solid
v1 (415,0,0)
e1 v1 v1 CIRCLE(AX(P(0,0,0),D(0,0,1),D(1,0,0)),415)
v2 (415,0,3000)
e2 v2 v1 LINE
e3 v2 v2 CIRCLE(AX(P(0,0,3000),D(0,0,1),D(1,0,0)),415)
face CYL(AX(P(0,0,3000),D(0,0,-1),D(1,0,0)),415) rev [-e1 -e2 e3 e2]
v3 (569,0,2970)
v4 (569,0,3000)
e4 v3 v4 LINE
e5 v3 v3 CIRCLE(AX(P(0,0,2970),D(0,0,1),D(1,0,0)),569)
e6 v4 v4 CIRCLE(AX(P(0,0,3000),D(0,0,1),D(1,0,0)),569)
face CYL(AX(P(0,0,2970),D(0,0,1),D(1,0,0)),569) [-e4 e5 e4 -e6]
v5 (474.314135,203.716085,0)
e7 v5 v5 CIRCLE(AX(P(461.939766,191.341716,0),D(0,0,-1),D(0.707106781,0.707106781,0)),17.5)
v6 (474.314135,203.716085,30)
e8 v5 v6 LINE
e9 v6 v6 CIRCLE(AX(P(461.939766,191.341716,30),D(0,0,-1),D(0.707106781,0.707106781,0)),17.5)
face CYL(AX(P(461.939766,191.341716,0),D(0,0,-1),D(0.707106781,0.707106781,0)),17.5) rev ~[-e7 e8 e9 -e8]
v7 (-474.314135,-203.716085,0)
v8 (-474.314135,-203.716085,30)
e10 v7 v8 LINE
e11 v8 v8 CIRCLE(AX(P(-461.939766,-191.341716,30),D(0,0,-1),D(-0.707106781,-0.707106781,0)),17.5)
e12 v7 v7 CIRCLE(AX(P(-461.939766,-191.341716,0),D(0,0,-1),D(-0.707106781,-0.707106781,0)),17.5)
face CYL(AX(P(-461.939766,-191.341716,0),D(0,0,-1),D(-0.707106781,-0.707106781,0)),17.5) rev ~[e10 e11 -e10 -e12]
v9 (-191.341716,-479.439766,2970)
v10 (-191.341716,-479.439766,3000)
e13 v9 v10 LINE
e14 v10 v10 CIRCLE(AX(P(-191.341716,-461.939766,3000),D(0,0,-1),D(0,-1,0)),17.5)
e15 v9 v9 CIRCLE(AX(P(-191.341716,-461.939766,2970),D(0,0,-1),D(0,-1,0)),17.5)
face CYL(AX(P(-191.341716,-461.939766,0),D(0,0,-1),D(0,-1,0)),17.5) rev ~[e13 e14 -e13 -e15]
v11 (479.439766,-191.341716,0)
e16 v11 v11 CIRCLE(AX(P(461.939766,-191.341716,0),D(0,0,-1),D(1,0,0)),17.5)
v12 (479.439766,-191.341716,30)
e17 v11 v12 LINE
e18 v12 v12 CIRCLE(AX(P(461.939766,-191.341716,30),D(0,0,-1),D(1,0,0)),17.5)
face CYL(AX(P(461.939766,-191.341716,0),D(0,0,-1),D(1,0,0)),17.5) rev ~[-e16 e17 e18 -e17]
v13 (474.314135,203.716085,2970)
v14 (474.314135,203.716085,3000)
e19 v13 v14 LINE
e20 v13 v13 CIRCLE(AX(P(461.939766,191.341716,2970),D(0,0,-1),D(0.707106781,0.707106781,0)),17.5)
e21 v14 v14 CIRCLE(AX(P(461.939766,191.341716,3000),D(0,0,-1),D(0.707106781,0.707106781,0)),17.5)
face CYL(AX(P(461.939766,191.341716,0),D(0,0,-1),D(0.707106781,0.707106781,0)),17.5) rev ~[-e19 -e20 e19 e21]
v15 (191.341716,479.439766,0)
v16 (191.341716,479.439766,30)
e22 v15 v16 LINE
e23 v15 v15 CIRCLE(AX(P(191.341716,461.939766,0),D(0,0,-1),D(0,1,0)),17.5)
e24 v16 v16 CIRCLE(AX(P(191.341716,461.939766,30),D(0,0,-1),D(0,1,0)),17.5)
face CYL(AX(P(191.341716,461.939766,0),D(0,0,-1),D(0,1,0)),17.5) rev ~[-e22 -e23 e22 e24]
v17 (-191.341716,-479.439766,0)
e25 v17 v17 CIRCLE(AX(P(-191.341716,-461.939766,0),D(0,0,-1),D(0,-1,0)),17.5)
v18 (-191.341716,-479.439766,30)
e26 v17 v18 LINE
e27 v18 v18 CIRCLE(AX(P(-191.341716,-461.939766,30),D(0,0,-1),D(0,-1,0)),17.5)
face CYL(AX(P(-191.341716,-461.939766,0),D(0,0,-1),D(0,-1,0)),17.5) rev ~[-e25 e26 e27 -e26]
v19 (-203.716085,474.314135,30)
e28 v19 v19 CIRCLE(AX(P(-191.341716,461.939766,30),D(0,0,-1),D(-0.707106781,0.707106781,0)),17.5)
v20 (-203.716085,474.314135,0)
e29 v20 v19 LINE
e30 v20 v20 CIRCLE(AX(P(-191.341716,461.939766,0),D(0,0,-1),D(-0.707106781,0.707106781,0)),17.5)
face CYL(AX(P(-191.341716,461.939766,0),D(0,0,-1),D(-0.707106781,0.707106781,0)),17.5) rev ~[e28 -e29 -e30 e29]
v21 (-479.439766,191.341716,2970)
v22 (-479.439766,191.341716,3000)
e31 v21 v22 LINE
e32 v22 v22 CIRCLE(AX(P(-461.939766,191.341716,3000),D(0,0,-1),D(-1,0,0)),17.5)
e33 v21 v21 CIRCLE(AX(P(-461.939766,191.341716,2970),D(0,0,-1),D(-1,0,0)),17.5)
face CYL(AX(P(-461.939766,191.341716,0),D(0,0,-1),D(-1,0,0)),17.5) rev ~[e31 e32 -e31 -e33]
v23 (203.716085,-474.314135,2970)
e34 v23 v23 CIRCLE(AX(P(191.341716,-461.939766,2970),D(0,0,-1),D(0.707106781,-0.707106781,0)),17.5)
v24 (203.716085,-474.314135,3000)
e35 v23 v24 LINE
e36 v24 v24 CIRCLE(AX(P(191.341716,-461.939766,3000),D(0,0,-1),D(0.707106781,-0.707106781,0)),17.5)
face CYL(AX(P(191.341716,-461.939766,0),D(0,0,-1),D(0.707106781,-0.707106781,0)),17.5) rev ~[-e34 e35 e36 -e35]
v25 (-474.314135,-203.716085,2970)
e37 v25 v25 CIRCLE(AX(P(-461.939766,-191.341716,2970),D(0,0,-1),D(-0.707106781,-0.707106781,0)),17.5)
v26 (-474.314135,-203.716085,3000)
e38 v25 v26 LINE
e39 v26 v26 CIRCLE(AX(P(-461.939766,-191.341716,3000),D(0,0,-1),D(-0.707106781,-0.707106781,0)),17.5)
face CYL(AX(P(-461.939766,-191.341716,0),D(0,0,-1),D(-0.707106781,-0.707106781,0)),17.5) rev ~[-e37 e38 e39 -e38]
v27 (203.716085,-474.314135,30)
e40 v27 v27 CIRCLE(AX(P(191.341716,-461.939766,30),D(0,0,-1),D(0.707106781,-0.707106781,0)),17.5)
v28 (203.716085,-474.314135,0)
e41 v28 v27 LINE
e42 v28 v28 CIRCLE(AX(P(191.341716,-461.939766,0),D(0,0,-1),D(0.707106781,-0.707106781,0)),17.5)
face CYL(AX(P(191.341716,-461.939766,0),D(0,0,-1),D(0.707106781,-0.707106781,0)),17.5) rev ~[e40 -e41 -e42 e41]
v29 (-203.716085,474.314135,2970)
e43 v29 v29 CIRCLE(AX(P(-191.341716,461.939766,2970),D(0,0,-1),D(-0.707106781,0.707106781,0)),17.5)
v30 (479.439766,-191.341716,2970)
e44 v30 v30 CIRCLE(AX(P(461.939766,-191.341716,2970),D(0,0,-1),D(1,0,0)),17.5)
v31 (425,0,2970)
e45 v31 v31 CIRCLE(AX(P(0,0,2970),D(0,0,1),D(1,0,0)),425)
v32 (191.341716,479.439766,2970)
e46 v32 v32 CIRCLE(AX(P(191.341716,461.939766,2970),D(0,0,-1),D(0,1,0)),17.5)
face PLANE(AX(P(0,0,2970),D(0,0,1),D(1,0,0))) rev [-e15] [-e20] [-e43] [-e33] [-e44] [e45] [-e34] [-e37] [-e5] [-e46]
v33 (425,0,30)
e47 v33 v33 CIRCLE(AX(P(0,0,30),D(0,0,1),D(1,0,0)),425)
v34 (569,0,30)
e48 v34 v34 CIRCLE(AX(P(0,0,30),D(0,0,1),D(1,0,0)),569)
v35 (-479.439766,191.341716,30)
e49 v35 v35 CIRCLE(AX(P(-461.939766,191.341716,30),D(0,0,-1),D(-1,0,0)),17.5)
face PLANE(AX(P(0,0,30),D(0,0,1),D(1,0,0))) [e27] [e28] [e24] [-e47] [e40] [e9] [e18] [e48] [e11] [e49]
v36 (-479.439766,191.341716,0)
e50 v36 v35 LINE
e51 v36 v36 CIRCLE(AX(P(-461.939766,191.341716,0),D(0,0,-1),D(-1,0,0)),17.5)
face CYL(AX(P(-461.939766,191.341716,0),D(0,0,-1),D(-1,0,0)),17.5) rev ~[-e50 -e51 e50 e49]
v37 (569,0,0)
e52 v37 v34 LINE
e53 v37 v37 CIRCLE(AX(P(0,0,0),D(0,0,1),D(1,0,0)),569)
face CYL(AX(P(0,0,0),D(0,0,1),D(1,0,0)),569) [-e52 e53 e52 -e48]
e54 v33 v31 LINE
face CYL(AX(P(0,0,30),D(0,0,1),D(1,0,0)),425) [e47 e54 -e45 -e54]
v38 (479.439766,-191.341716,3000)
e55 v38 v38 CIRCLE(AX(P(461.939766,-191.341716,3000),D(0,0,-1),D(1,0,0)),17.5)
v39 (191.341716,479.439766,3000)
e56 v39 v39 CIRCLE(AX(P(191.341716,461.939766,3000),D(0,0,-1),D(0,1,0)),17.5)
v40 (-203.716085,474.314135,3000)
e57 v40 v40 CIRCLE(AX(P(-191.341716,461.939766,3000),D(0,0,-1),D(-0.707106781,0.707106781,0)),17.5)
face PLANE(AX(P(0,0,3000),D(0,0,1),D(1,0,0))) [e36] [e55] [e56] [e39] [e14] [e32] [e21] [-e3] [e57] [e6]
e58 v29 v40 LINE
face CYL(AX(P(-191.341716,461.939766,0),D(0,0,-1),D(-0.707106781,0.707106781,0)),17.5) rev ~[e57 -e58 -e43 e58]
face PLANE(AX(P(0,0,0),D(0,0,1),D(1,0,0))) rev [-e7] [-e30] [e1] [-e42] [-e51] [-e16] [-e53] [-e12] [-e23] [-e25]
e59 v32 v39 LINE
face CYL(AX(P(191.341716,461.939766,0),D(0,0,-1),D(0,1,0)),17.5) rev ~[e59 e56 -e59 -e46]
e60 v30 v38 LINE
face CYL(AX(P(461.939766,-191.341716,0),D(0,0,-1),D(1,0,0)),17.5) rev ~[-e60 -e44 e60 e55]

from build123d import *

# Parameters (mm, degrees)
SKETCH009_R      = 17.5
EXTRUDE004_DEPTH = 3000
ARRAY003_COUNT   = 8


with BuildPart() as array003:
    # Sketch009 (on Face8 of Revolve) → Extrude004 (new body)
    with BuildSketch(Plane(origin=(0, 0, 0), x_dir=(1, 0, 0), z_dir=(0, 0, -1))):
        with Locations((461.939766, 191.341716)):
            Circle(SKETCH009_R)
    extrude(amount=-EXTRUDE004_DEPTH)

    # Array003: Array003 ×8 about axis
    array003_axis = Axis((0, 0, 0), (0, 0, 1))


with BuildPart() as array003_1:
    add(array003.part)
    for i in range(1, ARRAY003_COUNT):
        add(array003.part.rotate(array003_axis, i * 360 / ARRAY003_COUNT))


with BuildPart() as bottom001:
    # Sketch → Revolve (revolve)
    with BuildSketch(Plane.XZ):
        Polygon((569, 0), (569, 30), (425, 30), (425, 2970), (569, 2970), (569, 3000), (415, 3000), (415, 0), align=None)
    revolve(axis=Axis((0, 0, 0), (0, 0, 1)))

    # Cut003: cut Array003
    add(array003_1.part, mode=Mode.SUBTRACT)


solid = bottom001.part
